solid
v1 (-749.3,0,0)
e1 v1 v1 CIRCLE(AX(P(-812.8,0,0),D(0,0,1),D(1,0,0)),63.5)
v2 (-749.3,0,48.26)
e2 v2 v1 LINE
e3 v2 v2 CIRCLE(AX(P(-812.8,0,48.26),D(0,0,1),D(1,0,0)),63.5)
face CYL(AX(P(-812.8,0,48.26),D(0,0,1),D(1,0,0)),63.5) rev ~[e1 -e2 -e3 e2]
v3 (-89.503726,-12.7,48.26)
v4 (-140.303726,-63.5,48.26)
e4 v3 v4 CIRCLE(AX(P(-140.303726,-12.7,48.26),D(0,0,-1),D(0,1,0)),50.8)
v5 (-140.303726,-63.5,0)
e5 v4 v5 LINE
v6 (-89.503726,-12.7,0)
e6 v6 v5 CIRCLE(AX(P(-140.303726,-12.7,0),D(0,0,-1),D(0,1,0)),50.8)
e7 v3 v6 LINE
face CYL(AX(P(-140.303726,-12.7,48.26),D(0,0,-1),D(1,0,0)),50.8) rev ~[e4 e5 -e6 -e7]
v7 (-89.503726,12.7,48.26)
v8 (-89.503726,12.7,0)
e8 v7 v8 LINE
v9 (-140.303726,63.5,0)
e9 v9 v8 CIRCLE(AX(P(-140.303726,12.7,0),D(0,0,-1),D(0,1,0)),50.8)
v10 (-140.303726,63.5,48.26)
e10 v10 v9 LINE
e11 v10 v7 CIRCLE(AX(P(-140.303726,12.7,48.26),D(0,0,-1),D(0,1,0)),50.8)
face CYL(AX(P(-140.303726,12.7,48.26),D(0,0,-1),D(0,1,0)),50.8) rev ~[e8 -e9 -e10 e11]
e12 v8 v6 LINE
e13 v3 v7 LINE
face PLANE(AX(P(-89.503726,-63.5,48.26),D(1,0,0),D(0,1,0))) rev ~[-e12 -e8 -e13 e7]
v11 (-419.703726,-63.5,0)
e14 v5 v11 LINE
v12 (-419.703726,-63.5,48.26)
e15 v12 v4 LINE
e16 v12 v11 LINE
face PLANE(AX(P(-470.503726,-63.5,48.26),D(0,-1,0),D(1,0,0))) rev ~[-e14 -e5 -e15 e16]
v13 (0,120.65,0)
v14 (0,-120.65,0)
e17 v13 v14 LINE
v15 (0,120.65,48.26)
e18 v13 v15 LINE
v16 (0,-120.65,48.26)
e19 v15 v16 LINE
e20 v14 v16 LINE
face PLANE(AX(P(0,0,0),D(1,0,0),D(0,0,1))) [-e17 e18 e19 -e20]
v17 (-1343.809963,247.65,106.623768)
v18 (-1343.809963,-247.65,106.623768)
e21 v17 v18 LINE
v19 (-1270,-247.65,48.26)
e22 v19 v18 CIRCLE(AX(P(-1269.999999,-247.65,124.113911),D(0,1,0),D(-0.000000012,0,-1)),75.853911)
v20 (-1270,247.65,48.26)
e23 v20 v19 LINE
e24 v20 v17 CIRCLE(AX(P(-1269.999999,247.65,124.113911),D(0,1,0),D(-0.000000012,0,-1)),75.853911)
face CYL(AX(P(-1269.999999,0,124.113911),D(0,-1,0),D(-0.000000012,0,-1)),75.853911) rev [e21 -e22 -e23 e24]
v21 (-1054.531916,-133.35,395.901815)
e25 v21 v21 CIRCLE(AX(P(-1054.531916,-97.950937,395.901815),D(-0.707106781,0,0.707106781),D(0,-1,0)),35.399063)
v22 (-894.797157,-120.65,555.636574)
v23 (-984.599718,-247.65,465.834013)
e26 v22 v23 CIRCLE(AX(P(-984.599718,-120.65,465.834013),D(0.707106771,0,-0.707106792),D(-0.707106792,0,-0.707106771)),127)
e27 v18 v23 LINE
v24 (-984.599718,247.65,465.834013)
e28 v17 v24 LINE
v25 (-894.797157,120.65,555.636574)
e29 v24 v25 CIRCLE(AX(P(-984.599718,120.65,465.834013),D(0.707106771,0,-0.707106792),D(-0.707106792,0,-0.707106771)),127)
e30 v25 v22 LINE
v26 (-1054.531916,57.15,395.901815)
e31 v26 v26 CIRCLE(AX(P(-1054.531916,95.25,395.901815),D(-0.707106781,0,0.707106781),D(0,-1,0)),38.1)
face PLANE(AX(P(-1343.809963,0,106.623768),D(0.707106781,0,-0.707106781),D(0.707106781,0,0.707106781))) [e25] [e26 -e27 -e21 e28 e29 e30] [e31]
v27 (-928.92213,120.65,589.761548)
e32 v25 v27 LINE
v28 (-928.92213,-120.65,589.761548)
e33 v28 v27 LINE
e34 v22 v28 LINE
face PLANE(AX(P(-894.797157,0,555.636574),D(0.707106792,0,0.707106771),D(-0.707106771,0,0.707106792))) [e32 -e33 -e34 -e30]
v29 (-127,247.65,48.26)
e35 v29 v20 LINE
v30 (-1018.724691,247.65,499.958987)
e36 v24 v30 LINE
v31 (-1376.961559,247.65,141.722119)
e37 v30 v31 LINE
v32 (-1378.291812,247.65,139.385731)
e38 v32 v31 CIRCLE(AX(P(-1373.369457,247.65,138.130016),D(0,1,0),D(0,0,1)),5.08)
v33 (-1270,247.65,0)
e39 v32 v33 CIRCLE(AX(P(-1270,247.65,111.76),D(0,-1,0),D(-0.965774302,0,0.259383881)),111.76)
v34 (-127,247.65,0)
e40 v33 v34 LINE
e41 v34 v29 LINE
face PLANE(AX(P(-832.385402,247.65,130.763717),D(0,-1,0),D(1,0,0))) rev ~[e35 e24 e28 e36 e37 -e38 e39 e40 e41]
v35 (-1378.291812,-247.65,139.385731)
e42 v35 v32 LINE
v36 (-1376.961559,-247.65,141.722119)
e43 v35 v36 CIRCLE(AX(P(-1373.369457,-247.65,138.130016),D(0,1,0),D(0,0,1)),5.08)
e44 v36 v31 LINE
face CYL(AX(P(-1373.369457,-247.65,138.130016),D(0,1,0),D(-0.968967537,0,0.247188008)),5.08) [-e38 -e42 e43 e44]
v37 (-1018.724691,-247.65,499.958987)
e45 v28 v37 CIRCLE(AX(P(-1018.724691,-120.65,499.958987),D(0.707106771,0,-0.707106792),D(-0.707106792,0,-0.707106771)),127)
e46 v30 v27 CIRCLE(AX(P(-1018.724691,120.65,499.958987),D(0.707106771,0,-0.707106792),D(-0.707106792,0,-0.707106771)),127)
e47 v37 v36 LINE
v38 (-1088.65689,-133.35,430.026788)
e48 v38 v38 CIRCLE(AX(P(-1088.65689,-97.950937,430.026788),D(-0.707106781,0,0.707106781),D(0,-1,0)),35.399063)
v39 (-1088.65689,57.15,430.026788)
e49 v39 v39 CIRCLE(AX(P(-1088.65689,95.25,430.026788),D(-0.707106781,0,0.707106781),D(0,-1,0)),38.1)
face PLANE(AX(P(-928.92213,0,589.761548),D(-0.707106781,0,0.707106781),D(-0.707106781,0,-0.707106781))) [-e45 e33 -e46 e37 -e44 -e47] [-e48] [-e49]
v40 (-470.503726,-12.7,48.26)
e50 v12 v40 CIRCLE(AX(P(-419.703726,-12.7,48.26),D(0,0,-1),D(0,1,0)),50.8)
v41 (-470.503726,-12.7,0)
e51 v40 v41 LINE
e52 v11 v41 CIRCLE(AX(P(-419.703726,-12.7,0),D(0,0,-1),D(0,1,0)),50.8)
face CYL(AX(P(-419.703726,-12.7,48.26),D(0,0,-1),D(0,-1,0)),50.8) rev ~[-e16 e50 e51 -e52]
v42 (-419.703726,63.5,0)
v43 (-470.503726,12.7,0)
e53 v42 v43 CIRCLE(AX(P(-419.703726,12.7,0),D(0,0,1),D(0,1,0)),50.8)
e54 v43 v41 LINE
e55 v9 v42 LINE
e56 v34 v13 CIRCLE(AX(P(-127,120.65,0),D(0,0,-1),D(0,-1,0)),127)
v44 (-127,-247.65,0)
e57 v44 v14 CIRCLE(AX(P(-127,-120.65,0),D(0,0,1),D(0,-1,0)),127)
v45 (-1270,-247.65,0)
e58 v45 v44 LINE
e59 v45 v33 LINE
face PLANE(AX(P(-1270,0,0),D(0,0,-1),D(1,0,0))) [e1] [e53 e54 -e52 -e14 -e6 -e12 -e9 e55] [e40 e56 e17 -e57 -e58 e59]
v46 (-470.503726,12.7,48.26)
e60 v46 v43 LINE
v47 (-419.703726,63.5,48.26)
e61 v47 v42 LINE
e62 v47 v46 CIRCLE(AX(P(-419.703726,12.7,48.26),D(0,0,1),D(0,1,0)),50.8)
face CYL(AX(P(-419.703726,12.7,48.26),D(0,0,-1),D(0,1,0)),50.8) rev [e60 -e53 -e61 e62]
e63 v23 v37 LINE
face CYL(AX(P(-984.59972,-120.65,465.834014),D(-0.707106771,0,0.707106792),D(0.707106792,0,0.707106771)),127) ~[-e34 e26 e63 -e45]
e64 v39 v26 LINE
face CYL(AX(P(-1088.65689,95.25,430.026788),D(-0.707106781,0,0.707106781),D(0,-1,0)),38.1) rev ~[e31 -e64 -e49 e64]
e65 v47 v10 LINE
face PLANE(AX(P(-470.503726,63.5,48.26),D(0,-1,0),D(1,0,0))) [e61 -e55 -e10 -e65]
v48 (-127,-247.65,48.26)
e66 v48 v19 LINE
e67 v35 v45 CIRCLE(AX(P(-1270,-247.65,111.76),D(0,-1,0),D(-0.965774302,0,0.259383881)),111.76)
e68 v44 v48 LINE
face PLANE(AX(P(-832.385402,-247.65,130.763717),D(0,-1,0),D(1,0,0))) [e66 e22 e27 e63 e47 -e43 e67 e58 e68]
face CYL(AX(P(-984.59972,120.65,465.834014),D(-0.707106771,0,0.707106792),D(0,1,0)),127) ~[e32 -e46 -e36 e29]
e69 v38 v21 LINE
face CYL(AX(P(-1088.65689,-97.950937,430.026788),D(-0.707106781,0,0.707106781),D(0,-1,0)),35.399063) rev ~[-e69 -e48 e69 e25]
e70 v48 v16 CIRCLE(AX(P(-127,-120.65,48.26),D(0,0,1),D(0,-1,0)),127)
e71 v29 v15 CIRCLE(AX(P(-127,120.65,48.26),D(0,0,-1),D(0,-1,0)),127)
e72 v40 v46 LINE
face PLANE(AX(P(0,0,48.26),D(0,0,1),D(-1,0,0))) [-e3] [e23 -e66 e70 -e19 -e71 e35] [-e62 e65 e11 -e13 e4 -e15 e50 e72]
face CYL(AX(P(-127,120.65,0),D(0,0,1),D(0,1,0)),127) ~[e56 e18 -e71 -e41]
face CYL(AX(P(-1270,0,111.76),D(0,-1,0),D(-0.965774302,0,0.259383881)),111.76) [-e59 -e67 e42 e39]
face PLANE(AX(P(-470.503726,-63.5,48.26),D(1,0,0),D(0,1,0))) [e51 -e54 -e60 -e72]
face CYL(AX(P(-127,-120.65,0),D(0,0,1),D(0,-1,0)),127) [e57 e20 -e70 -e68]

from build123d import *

# Parameters (mm, degrees)
F1_DEPTH  = 247.65
F2_R      = 5.08
F3_R      = 38.1
F3_R_2    = 35.399063
F4_DEPTH  = 127
F5_R      = 127
F6_R      = 127
F7_R      = 63.5
F8_DEPTH  = 127
F9_W      = 381
F9_H      = 127
F10_DEPTH = 127
F11_R     = 50.8


with BuildPart() as f1:
    # F0 (on Front) → F1 (new body, symmetric)
    with BuildSketch(Plane.XZ):
        with BuildLine():
            Line((-1270, 0), (0, 0))
            Line((0, 0), (0, 48.26))
            Line((0, 48.26), (-1270, 48.26))
            ThreePointArc((-1270, 48.26), (-1317.048486, 64.613863), (-1343.809963, 106.623768))
            Line((-1343.809963, 106.623768), (-894.797157, 555.636574))
            Line((-894.797157, 555.636574), (-928.92213, 589.761548))
            Line((-928.92213, 589.761548), (-1377.934936, 140.748742))
            ThreePointArc((-1377.934936, 140.748742), (-1358.685059, 43.750751), (-1270, 0))
        make_face()
    extrude(amount=F1_DEPTH, both=True)

    # F2
    f2_edges = [f1.edges().sort_by_distance(p)[0] for p in [
        (-1377.934936, 0, 140.748742),
    ]]
    fillet(f2_edges, radius=F2_R)

    # F3 (on face) → F4 (cut)
    with BuildSketch(Plane(origin=(-759.341839, 0, 759.341839), x_dir=(0, -1, 0), z_dir=(-0.707107, 0, 0.707107))):
        with Locations((-95.25, -465.721811)):
            Circle(F3_R)
        with Locations((97.950937, -465.721811)):
            Circle(F3_R_2)
    extrude(amount=-F4_DEPTH, mode=Mode.SUBTRACT)

    # F5
    f5_edges = [f1.edges().sort_by_distance(p)[0] for p in [
        (0, -247.65, 24.13),
        (0, 247.65, 24.13),
    ]]
    fillet(f5_edges, radius=F5_R)

    # F6
    f6_edges = [f1.edges().sort_by_distance(p)[0] for p in [
        (-911.859644, -247.65, 572.699061),
        (-911.859644, 247.65, 572.699061),
    ]]
    fillet(f6_edges, radius=F6_R)

    # F7 (on face) → F8 (cut)
    with BuildSketch(Plane.XY.offset(48.26)):
        with Locations((-812.8, 0)):
            Circle(F7_R)
    extrude(amount=-F8_DEPTH, mode=Mode.SUBTRACT)

    # F9 (on face) → F10 (cut)
    with BuildSketch(Plane.XY.offset(48.26)):
        with Locations((-280.003726, 0)):
            Rectangle(F9_W, F9_H)
    extrude(amount=-F10_DEPTH, mode=Mode.SUBTRACT)

    # F11
    f11_edges = [f1.edges().sort_by_distance(p)[0] for p in [
        (-470.503726, 63.5, 24.13),
        (-470.503726, -63.5, 24.13),
        (-89.503726, 63.5, 24.13),
        (-89.503726, -63.5, 24.13),
    ]]
    fillet(f11_edges, radius=F11_R)


solid = f1.part
